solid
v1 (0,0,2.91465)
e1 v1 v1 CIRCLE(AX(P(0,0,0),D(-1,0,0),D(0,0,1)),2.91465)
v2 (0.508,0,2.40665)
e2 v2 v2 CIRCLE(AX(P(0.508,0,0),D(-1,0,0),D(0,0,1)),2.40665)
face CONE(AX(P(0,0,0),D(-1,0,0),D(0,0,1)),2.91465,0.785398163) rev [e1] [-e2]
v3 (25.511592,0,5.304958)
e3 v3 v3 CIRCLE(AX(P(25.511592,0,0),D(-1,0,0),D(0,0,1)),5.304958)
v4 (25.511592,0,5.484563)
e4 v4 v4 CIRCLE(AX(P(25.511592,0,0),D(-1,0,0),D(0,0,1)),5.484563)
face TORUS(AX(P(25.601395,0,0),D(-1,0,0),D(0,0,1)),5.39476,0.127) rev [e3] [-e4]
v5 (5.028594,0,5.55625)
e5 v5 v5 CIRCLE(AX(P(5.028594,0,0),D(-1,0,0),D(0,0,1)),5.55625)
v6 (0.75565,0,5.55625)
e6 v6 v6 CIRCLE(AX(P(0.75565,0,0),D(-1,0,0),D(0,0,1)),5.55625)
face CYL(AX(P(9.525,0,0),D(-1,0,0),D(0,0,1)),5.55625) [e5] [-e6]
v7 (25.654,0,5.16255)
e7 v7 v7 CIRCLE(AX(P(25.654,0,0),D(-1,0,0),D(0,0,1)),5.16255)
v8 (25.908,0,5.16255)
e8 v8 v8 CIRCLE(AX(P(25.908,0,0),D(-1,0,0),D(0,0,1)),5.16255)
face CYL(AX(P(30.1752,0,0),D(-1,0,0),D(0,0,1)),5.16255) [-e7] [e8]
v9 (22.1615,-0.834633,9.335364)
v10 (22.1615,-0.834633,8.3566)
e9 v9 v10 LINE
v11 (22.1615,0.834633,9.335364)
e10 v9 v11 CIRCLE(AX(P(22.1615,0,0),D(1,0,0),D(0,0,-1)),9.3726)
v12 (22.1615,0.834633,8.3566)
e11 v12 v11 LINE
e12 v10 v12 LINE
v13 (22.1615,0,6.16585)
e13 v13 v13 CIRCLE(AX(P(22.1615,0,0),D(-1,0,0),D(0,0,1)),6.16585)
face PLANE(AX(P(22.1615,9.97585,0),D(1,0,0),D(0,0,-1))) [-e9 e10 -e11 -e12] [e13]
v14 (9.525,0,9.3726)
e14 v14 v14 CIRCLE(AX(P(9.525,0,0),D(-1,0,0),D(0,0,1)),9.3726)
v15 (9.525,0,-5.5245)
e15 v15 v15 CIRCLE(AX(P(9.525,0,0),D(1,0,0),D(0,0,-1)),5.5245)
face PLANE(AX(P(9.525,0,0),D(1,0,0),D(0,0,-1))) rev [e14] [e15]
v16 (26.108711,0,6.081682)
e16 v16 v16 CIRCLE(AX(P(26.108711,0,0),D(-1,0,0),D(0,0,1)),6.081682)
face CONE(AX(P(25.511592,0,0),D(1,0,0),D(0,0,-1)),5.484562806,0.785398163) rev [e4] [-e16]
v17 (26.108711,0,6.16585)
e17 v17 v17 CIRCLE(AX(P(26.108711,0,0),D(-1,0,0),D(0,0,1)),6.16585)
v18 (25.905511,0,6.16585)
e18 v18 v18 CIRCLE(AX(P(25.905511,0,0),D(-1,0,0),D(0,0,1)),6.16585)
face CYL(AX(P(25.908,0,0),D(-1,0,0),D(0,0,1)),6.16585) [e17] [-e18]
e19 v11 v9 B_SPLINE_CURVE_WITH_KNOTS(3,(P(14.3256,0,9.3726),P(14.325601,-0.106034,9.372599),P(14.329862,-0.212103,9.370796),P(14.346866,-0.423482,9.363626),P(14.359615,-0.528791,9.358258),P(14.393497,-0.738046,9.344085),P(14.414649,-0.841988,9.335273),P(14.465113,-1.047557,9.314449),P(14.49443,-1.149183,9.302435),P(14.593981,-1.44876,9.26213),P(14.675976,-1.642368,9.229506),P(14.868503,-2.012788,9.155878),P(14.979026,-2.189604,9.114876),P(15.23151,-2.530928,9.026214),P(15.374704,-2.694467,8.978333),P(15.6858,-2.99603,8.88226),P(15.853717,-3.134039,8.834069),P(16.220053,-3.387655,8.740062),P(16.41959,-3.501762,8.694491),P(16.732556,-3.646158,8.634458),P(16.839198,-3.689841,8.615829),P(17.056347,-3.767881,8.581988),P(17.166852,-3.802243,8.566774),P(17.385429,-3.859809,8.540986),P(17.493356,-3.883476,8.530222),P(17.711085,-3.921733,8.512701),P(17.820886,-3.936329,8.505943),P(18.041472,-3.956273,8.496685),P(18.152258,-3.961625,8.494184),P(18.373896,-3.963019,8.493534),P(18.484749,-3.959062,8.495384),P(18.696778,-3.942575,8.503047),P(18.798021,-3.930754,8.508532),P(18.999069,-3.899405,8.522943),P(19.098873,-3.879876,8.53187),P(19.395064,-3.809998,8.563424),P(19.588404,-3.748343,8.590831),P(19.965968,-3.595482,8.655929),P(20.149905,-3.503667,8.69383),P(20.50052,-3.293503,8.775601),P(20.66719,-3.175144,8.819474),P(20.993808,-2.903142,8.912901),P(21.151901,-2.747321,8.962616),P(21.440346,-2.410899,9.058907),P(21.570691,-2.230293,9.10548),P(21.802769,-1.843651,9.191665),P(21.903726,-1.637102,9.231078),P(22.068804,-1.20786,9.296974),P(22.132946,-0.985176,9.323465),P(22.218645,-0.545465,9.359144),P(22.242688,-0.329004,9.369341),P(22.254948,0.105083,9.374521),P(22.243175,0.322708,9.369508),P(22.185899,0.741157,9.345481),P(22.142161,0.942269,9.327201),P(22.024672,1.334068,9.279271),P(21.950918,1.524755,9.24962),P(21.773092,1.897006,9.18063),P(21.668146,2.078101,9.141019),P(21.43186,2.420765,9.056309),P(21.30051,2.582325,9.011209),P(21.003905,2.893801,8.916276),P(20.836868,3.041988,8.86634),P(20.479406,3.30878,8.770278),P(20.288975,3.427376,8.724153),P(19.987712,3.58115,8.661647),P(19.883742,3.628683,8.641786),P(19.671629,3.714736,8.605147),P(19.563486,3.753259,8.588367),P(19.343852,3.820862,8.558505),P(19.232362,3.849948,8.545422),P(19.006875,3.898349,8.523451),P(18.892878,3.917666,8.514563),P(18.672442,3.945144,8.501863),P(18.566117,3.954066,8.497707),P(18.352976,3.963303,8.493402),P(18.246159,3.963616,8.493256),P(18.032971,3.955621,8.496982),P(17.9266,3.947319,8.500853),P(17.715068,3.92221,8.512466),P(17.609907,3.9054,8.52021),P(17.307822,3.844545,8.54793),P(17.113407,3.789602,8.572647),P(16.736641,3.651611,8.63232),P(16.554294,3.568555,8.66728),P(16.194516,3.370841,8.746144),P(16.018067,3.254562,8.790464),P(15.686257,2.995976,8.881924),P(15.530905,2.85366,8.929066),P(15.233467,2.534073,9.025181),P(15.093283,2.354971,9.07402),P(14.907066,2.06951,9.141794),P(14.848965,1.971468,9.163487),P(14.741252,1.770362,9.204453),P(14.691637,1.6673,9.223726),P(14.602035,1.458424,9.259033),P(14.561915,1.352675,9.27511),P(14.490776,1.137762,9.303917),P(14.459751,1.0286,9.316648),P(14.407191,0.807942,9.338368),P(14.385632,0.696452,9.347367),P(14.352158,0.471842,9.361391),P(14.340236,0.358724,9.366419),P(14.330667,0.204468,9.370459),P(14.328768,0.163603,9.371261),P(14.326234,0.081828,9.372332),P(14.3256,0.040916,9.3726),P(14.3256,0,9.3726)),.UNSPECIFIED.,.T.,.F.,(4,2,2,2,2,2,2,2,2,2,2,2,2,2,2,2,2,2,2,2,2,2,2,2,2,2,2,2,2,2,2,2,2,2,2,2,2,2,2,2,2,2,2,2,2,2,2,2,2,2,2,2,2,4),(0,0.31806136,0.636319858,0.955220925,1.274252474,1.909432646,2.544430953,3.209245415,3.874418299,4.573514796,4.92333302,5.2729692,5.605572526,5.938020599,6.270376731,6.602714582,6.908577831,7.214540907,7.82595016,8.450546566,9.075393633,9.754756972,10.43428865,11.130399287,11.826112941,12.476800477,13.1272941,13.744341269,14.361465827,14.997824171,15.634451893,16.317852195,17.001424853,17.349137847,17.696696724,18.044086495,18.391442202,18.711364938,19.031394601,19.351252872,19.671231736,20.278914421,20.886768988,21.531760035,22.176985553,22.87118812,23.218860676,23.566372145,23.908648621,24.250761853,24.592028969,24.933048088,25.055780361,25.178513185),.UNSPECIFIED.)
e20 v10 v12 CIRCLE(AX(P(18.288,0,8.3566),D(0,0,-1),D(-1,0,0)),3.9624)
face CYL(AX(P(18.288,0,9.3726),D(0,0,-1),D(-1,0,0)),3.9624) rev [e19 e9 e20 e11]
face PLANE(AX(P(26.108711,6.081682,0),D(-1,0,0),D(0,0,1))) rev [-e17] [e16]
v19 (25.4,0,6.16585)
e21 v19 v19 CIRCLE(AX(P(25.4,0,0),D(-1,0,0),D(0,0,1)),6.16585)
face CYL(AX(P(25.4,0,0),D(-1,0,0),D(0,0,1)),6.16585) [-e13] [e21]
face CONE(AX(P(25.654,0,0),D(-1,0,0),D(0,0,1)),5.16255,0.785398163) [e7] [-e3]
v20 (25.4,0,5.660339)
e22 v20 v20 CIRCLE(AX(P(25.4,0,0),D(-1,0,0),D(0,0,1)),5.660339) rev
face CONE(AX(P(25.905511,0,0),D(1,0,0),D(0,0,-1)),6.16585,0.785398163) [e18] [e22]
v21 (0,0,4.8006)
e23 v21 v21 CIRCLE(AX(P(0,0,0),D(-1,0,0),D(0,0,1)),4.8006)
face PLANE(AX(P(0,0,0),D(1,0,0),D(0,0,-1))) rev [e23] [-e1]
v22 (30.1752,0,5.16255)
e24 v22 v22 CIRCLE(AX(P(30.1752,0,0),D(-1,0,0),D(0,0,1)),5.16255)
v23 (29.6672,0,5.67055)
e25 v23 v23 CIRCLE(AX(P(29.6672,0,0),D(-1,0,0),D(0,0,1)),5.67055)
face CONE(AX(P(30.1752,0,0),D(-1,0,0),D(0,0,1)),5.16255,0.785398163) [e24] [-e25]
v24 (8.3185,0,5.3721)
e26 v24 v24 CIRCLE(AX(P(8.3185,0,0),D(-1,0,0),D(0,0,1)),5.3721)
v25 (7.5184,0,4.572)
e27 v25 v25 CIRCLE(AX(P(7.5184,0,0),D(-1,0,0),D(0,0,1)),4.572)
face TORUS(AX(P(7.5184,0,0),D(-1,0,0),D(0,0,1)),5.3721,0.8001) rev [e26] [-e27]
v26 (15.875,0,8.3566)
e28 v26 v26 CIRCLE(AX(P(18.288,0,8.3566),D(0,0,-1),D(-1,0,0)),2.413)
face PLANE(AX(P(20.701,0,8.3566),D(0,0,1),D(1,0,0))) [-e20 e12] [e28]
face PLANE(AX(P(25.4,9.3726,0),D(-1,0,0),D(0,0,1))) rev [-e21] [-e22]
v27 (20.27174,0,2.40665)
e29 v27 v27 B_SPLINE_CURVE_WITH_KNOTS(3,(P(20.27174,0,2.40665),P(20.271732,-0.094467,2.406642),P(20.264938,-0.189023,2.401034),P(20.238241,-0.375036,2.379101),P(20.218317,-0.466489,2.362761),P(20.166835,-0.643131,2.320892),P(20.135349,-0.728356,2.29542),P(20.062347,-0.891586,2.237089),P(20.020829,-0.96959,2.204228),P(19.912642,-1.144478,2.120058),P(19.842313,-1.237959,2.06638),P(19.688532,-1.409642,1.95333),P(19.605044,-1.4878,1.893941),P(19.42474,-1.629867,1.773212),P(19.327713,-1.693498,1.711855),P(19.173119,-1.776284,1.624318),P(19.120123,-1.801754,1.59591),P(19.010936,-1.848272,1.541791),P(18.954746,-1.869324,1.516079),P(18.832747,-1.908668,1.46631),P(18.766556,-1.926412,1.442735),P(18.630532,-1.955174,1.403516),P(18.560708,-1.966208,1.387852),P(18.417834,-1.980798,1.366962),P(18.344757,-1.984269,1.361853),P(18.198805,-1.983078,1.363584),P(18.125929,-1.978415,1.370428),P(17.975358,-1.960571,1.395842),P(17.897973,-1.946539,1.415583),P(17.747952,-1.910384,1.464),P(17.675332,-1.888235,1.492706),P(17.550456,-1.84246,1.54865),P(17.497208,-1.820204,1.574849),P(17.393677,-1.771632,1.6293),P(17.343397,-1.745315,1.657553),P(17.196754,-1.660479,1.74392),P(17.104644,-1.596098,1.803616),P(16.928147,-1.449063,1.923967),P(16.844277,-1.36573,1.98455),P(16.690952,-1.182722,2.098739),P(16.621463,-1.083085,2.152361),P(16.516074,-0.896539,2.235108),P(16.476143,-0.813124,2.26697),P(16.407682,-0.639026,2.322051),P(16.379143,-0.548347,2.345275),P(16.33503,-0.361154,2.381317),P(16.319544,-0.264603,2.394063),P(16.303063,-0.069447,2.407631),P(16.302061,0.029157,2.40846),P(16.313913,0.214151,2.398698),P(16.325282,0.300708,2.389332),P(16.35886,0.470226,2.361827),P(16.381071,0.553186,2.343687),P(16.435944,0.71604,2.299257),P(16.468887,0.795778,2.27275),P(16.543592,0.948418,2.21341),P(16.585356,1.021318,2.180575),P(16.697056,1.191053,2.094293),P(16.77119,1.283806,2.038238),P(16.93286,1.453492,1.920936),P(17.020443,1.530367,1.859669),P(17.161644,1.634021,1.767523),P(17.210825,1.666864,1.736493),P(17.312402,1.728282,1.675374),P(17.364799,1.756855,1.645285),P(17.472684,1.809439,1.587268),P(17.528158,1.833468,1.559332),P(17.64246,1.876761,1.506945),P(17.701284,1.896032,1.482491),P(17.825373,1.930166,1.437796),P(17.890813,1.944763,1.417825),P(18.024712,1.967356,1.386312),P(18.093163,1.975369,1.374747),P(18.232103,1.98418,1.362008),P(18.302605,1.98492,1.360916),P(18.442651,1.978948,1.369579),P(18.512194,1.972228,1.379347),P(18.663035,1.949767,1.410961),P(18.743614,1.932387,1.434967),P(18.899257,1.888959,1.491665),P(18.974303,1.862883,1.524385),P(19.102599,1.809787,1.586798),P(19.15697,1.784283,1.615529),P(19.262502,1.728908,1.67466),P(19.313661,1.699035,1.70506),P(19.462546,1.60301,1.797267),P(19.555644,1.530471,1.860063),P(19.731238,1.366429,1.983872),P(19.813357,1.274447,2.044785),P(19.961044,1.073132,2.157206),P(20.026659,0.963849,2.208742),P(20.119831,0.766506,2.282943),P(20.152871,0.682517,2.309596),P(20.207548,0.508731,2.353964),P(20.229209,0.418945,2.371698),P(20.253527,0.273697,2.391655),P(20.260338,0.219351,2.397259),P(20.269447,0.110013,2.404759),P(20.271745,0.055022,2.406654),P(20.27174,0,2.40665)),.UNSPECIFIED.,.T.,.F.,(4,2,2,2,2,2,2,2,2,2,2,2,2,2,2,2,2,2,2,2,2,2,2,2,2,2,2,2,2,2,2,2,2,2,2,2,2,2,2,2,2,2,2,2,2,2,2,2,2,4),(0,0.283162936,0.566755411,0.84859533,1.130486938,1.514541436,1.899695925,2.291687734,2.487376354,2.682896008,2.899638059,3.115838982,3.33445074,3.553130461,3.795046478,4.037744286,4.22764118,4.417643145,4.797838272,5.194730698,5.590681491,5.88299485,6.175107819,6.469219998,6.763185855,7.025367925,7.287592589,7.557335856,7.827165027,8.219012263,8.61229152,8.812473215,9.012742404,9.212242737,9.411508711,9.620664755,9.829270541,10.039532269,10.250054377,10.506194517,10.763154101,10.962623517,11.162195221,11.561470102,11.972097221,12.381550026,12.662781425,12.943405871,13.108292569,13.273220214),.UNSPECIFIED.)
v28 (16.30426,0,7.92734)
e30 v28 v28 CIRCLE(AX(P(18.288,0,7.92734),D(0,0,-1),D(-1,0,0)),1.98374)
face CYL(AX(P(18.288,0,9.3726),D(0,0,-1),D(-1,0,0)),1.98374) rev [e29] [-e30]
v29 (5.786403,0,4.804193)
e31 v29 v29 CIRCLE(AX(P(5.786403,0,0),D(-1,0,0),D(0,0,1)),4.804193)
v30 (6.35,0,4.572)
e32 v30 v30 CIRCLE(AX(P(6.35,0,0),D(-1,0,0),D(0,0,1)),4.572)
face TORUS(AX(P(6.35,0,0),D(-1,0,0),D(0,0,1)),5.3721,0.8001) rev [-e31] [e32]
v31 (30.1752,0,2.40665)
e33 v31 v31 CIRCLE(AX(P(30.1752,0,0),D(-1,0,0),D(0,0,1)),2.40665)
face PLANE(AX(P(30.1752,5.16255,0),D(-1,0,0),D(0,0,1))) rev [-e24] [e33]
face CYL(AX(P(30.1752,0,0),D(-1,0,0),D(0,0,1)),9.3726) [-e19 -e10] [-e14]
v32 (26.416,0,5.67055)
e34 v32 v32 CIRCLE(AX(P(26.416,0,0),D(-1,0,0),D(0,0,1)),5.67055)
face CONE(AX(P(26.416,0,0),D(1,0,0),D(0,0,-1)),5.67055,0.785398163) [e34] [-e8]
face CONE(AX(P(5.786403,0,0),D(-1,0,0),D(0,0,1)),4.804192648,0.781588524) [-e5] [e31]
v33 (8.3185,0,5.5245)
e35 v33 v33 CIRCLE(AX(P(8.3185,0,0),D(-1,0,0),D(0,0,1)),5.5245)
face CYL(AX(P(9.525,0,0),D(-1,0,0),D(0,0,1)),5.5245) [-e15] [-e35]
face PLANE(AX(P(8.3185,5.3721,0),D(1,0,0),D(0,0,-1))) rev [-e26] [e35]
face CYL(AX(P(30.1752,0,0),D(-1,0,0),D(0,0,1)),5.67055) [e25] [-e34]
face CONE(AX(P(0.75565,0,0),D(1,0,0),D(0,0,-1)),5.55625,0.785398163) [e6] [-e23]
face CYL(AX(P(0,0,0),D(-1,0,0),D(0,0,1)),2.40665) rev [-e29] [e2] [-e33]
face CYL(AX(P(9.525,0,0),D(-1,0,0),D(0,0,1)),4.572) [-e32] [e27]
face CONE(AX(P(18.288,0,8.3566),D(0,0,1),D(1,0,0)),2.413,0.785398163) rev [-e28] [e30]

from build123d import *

# Parameters (mm, degrees)
HOLE1_D           = 4.8133
HOLE1_CSINK_D     = 5.8293
HOLE1_CSINK_ANGLE = 90
SKETCH6_W         = 3.2385
SKETCH6_H         = 3.81


with BuildPart() as part:
    # Sketch1 → Revolve1 (revolve)
    with BuildSketch(Plane.XY):
        with BuildLine():
            Line((0, 0), (0, 4.8006))
            Line((0, 4.8006), (0.75565, 5.55625))
            Line((0.75565, 5.55625), (5.028593864, 5.55625))
            Line((5.028593864, 5.55625), (5.786403291, 4.804192648))
            ThreePointArc((5.786403291, 4.804192648), (6.045223575, 4.6323221), (6.35, 4.572))
            Line((6.35, 4.572), (7.5184, 4.572))
            ThreePointArc((7.5184, 4.572), (8.084156136, 4.806343864), (8.3185, 5.3721))
            Line((8.3185, 5.3721), (8.3185, 5.5245))
            Line((8.3185, 5.5245), (9.525, 5.5245))
            Line((9.525, 5.5245), (9.525, 0))
            Line((9.525, 0), (0, 0))
        make_face()
    revolve(axis=Axis((9.525, 0, 0), (-1, 0, 0)))

    # Sketch2 → Revolve2 (revolve)
    with BuildSketch(Plane.XY):
        Polygon((9.525, 0), (9.525, 9.3726), (25.4, 9.3726), (25.4, 5.16255), (25.908, 5.16255), (26.416, 5.67055), (29.6672, 5.67055), (30.1752, 5.16255), (30.1752, 0), align=None)
    revolve(axis=Axis((30.1752, 0, 0), (-1, 0, 0)))

    # Hole1 (through all)
    with Locations(Plane.ZY):
        with Locations((0, 0)):
            CounterSinkHole(HOLE1_D / 2, HOLE1_CSINK_D / 2, counter_sink_angle=HOLE1_CSINK_ANGLE)

    # Sketch5 → Cut-Revolve1 (revolve, cut)
    with BuildSketch(Plane(origin=(0, 0, 0), x_dir=(1, 0, 0), z_dir=(0, 1, 0))):
        Polygon((18.288, 1.016), (20.27174, 1.016), (20.27174, -7.92734), (20.701, -8.3566), (22.2504, -8.3566), (22.2504, -9.3726), (18.288, -9.3726), align=None)
    revolve(axis=Axis((18.288, 0, 9.3726), (0, 0, -1)), mode=Mode.SUBTRACT)

    # Sketch6 → Cut-Revolve2 (revolve, cut)
    with BuildSketch(Plane.XY):
        with Locations((23.78075, 8.07085)):
            Rectangle(SKETCH6_W, SKETCH6_H)
    revolve(axis=Axis((25.4, 0, 0), (-1, 0, 0)), mode=Mode.SUBTRACT)

    # Sketch7 → Revolve3 (revolve)
    with BuildSketch(Plane.XY):
        with BuildLine():
            Line((25.4, 4.90855), (25.908, 4.90855))
            Line((25.908, 4.90855), (25.908, 5.16255))
            Line((25.908, 5.16255), (25.654, 5.16255))
            Line((25.654, 5.16255), (25.511592316, 5.304957684))
            ThreePointArc((25.511592316, 5.304957684), (25.474394878, 5.394760245), (25.511592316, 5.484562806))
            Line((25.511592316, 5.484562806), (26.108711314, 6.081681804))
            Line((26.108711314, 6.081681804), (26.108711314, 6.16585))
            Line((26.108711314, 6.16585), (25.905511314, 6.16585))
            Line((25.905511314, 6.16585), (25.4, 5.660338686))
            Line((25.4, 5.660338686), (25.4, 4.90855))
        make_face()
    revolve(axis=Axis((25.908, 0, 0), (-1, 0, 0)))


solid = part.part
